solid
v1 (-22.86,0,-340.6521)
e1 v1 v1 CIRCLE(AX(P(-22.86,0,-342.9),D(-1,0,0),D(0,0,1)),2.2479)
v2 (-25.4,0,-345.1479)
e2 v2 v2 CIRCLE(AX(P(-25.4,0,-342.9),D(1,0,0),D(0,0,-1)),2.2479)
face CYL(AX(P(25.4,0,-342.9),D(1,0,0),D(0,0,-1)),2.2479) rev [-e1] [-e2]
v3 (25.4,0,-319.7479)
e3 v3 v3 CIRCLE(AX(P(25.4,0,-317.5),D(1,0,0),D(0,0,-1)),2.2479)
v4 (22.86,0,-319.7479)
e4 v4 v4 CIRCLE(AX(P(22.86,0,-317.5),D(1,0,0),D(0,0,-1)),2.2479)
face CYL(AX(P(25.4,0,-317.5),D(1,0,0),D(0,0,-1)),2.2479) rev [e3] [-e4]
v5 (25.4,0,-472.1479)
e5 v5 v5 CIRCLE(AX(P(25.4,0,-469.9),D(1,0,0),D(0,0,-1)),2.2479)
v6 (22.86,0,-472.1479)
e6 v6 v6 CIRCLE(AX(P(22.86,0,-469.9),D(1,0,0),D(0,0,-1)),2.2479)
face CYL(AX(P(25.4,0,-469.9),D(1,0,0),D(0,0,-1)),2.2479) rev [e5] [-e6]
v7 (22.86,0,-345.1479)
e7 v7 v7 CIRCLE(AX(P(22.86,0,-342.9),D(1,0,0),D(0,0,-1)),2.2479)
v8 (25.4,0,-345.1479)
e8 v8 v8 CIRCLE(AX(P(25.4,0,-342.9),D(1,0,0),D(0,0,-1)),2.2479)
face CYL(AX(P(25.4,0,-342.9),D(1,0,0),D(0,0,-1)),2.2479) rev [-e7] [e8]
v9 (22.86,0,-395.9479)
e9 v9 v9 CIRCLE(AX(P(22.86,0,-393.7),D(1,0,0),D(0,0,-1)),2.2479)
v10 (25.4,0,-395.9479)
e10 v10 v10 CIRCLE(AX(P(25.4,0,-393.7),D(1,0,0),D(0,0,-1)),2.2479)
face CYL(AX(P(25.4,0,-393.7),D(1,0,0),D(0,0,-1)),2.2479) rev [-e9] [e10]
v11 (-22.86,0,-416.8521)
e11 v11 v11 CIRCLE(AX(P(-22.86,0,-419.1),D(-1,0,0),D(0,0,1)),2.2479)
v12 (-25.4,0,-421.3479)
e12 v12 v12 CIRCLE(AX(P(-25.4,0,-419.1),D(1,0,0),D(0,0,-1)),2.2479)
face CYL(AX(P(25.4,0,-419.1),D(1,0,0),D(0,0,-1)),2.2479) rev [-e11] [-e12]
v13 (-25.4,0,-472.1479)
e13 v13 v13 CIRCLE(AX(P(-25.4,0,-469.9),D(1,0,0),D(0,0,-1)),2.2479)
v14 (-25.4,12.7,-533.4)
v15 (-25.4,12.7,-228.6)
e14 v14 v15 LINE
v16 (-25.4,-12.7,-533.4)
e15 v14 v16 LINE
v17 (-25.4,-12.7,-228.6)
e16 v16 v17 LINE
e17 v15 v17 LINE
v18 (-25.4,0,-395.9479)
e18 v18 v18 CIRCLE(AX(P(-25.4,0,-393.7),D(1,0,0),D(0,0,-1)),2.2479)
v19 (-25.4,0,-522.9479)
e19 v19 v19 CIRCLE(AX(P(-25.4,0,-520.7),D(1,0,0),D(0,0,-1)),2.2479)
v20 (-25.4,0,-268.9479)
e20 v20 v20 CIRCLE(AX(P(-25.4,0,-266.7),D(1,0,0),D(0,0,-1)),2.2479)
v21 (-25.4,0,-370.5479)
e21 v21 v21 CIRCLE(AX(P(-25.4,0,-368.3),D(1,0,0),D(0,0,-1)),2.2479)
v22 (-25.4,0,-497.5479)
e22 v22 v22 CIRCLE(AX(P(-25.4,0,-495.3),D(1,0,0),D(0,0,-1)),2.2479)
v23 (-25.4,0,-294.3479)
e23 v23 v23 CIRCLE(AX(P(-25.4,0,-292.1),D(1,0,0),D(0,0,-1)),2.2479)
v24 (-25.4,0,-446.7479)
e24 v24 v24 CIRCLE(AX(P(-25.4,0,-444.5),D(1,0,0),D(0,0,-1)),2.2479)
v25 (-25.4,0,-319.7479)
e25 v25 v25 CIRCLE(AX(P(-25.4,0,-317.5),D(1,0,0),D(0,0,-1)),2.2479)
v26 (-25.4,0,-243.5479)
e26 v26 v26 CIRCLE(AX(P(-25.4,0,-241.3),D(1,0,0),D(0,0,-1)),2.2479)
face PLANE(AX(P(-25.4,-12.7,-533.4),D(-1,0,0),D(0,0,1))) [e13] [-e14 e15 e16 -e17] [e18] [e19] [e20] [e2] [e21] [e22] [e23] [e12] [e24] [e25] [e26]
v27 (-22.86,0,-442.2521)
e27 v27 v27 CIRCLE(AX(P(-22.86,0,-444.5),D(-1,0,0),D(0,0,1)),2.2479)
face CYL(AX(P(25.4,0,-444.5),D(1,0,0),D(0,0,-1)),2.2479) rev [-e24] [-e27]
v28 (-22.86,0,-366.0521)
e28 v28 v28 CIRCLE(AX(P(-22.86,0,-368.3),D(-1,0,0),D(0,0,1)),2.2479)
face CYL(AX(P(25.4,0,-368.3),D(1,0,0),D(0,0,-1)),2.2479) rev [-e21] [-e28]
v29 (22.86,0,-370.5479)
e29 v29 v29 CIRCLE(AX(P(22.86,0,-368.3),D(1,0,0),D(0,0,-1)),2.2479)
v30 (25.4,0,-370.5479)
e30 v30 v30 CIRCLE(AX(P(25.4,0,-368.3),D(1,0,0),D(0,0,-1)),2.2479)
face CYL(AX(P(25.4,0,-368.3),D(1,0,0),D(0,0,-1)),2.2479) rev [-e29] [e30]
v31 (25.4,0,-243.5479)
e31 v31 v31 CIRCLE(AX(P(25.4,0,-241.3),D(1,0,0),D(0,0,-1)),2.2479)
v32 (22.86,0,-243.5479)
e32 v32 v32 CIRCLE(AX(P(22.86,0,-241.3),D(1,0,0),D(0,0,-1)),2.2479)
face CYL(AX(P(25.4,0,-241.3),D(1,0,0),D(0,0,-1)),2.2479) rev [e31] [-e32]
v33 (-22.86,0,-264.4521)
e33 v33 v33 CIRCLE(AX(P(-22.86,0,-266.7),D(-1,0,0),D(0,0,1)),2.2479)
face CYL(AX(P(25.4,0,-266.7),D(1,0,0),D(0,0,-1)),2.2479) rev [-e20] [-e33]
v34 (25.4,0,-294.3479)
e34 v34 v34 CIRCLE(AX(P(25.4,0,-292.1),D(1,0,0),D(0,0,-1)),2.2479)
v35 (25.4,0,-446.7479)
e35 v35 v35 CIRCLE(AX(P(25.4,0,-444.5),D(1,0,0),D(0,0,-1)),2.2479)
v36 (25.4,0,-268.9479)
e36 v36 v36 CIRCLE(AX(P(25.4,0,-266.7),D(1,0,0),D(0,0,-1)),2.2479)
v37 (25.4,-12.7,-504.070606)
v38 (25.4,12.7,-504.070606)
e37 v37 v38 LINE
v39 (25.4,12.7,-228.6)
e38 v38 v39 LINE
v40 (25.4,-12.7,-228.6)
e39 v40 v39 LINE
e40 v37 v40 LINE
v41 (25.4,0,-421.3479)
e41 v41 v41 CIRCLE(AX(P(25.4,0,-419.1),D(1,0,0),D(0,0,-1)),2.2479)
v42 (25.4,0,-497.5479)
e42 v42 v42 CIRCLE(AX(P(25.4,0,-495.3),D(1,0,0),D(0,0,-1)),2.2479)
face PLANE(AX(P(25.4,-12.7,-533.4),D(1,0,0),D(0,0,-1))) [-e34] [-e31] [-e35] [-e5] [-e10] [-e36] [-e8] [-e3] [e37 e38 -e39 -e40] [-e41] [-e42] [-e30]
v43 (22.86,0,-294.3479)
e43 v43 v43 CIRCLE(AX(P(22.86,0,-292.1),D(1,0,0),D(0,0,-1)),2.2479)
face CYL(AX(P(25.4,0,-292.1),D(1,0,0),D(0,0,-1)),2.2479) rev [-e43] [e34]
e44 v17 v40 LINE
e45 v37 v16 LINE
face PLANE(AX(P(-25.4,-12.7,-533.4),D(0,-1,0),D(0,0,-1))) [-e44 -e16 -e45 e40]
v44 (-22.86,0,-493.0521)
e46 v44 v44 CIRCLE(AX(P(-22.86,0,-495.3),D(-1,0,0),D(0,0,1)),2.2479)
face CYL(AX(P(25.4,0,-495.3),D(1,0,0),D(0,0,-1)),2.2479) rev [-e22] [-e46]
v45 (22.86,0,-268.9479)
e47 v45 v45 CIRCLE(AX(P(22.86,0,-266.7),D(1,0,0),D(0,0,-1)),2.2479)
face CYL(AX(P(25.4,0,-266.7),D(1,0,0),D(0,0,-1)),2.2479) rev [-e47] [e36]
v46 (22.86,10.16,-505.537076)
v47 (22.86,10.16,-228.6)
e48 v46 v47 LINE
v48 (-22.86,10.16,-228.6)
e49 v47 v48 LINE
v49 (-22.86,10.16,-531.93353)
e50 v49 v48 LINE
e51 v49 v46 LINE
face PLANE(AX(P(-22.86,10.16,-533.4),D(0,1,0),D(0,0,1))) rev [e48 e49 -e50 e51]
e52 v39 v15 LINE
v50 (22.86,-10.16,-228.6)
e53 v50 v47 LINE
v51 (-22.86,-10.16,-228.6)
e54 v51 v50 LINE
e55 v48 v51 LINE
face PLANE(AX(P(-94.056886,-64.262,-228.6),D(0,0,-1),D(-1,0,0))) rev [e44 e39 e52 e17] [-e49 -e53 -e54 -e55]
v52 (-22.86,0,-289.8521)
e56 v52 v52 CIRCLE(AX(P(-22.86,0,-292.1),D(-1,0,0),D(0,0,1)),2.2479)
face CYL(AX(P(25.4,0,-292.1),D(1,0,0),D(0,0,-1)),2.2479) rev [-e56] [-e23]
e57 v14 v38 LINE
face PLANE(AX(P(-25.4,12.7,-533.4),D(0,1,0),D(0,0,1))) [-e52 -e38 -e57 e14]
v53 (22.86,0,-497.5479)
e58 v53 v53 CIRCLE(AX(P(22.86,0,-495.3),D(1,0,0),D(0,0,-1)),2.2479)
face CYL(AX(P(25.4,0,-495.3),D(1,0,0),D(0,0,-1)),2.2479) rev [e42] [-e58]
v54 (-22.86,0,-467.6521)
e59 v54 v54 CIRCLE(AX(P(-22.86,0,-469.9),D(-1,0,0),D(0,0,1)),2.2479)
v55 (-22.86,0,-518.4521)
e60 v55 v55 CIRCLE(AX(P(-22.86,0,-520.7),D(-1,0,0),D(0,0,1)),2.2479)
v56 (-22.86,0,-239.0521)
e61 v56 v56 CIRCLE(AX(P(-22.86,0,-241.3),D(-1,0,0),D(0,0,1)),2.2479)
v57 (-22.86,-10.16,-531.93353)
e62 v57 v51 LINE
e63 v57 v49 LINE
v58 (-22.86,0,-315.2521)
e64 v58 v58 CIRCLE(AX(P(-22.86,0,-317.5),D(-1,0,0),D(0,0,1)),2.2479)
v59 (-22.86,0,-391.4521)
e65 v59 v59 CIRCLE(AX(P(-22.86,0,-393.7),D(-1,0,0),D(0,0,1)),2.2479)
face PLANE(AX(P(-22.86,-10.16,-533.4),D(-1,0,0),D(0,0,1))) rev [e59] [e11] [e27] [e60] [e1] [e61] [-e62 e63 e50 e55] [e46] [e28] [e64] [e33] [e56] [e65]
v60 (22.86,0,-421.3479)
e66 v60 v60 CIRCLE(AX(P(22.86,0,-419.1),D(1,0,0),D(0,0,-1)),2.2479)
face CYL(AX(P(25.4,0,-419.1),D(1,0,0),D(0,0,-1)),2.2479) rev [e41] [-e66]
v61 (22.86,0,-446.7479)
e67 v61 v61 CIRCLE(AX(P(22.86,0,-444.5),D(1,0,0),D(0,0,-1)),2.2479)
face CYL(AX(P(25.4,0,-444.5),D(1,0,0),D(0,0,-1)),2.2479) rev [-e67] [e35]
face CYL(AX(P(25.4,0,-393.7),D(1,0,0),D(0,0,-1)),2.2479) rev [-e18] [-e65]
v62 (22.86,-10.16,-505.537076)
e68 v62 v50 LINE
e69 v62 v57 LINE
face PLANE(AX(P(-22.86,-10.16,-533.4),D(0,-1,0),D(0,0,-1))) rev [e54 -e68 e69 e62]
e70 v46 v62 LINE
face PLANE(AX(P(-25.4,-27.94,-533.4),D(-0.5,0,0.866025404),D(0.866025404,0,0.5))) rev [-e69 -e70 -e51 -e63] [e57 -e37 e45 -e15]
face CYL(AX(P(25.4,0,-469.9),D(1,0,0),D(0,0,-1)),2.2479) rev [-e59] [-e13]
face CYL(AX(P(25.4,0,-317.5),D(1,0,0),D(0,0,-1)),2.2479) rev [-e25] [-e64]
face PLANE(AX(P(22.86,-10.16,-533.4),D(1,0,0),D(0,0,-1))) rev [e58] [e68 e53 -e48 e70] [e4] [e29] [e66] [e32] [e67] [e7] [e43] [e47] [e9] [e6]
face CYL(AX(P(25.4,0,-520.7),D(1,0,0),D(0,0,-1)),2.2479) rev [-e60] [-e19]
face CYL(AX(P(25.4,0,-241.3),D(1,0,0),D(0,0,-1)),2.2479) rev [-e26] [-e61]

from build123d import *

# Parameters (mm, degrees)
SKETCH1_W             = 50.8
SKETCH1_H             = 25.4
SKETCH1_W_2           = 45.72
SKETCH1_H_2           = 20.32
BOSS_EXTRUDE1_DEPTH   = 533.4
F_8_CLEARANCE_HOLE1_D = 4.4958
CUT_EXTRUDE2_DEPTH    = 76.962
CUT_EXTRUDE4_DEPTH    = 40.64


with BuildPart() as part:
    # Sketch1 → Boss-Extrude1 (new body)
    with BuildSketch(Plane.XY):
        Rectangle(SKETCH1_W, SKETCH1_H)
        Rectangle(SKETCH1_W_2, SKETCH1_H_2, mode=Mode.SUBTRACT)
    extrude(amount=-BOSS_EXTRUDE1_DEPTH)

    # #8 Clearance Hole1 (through all)
    with Locations(Plane(origin=(25.4, 0, 0), x_dir=(0, 0, -1), z_dir=(1, 0, 0))):
        with Locations((12.7, 0), (38.1, 0), (63.5, 0), (88.9, 0), (114.3, 0), (139.7, 0), (165.1, 0), (190.5, 0), (215.9, 0), (241.3, 0), (266.7, 0), (292.1, 0), (317.5, 0), (342.9, 0), (368.3, 0), (393.7, 0), (419.1, 0), (444.5, 0), (469.9, 0), (495.3, 0), (520.7, 0)):
            Hole(F_8_CLEARANCE_HOLE1_D / 2)

    # Sketch4 → Cut-Extrude2 (cut)
    with BuildSketch(Plane(origin=(0, 12.7, 0), x_dir=(1, 0, 0), z_dir=(0, 1, 0))):
        Polygon((-7.206301081, 228.6), (135.513081356, 228.6), (135.513081356, -17.641370014), (-94.056886123, -17.641370014), (-94.056886123, 228.6), align=None)
    extrude(amount=-CUT_EXTRUDE2_DEPTH, mode=Mode.SUBTRACT)

    # Sketch6 → Cut-Extrude4 (cut)
    with BuildSketch(Plane(origin=(0, 12.7, 0), x_dir=(1, 0, 0), z_dir=(0, 1, 0))):
        Polygon((-25.4, 533.4), (25.4, 504.070606325), (25.4, 533.4), align=None)
    extrude(amount=-CUT_EXTRUDE4_DEPTH, mode=Mode.SUBTRACT)


solid = part.part
